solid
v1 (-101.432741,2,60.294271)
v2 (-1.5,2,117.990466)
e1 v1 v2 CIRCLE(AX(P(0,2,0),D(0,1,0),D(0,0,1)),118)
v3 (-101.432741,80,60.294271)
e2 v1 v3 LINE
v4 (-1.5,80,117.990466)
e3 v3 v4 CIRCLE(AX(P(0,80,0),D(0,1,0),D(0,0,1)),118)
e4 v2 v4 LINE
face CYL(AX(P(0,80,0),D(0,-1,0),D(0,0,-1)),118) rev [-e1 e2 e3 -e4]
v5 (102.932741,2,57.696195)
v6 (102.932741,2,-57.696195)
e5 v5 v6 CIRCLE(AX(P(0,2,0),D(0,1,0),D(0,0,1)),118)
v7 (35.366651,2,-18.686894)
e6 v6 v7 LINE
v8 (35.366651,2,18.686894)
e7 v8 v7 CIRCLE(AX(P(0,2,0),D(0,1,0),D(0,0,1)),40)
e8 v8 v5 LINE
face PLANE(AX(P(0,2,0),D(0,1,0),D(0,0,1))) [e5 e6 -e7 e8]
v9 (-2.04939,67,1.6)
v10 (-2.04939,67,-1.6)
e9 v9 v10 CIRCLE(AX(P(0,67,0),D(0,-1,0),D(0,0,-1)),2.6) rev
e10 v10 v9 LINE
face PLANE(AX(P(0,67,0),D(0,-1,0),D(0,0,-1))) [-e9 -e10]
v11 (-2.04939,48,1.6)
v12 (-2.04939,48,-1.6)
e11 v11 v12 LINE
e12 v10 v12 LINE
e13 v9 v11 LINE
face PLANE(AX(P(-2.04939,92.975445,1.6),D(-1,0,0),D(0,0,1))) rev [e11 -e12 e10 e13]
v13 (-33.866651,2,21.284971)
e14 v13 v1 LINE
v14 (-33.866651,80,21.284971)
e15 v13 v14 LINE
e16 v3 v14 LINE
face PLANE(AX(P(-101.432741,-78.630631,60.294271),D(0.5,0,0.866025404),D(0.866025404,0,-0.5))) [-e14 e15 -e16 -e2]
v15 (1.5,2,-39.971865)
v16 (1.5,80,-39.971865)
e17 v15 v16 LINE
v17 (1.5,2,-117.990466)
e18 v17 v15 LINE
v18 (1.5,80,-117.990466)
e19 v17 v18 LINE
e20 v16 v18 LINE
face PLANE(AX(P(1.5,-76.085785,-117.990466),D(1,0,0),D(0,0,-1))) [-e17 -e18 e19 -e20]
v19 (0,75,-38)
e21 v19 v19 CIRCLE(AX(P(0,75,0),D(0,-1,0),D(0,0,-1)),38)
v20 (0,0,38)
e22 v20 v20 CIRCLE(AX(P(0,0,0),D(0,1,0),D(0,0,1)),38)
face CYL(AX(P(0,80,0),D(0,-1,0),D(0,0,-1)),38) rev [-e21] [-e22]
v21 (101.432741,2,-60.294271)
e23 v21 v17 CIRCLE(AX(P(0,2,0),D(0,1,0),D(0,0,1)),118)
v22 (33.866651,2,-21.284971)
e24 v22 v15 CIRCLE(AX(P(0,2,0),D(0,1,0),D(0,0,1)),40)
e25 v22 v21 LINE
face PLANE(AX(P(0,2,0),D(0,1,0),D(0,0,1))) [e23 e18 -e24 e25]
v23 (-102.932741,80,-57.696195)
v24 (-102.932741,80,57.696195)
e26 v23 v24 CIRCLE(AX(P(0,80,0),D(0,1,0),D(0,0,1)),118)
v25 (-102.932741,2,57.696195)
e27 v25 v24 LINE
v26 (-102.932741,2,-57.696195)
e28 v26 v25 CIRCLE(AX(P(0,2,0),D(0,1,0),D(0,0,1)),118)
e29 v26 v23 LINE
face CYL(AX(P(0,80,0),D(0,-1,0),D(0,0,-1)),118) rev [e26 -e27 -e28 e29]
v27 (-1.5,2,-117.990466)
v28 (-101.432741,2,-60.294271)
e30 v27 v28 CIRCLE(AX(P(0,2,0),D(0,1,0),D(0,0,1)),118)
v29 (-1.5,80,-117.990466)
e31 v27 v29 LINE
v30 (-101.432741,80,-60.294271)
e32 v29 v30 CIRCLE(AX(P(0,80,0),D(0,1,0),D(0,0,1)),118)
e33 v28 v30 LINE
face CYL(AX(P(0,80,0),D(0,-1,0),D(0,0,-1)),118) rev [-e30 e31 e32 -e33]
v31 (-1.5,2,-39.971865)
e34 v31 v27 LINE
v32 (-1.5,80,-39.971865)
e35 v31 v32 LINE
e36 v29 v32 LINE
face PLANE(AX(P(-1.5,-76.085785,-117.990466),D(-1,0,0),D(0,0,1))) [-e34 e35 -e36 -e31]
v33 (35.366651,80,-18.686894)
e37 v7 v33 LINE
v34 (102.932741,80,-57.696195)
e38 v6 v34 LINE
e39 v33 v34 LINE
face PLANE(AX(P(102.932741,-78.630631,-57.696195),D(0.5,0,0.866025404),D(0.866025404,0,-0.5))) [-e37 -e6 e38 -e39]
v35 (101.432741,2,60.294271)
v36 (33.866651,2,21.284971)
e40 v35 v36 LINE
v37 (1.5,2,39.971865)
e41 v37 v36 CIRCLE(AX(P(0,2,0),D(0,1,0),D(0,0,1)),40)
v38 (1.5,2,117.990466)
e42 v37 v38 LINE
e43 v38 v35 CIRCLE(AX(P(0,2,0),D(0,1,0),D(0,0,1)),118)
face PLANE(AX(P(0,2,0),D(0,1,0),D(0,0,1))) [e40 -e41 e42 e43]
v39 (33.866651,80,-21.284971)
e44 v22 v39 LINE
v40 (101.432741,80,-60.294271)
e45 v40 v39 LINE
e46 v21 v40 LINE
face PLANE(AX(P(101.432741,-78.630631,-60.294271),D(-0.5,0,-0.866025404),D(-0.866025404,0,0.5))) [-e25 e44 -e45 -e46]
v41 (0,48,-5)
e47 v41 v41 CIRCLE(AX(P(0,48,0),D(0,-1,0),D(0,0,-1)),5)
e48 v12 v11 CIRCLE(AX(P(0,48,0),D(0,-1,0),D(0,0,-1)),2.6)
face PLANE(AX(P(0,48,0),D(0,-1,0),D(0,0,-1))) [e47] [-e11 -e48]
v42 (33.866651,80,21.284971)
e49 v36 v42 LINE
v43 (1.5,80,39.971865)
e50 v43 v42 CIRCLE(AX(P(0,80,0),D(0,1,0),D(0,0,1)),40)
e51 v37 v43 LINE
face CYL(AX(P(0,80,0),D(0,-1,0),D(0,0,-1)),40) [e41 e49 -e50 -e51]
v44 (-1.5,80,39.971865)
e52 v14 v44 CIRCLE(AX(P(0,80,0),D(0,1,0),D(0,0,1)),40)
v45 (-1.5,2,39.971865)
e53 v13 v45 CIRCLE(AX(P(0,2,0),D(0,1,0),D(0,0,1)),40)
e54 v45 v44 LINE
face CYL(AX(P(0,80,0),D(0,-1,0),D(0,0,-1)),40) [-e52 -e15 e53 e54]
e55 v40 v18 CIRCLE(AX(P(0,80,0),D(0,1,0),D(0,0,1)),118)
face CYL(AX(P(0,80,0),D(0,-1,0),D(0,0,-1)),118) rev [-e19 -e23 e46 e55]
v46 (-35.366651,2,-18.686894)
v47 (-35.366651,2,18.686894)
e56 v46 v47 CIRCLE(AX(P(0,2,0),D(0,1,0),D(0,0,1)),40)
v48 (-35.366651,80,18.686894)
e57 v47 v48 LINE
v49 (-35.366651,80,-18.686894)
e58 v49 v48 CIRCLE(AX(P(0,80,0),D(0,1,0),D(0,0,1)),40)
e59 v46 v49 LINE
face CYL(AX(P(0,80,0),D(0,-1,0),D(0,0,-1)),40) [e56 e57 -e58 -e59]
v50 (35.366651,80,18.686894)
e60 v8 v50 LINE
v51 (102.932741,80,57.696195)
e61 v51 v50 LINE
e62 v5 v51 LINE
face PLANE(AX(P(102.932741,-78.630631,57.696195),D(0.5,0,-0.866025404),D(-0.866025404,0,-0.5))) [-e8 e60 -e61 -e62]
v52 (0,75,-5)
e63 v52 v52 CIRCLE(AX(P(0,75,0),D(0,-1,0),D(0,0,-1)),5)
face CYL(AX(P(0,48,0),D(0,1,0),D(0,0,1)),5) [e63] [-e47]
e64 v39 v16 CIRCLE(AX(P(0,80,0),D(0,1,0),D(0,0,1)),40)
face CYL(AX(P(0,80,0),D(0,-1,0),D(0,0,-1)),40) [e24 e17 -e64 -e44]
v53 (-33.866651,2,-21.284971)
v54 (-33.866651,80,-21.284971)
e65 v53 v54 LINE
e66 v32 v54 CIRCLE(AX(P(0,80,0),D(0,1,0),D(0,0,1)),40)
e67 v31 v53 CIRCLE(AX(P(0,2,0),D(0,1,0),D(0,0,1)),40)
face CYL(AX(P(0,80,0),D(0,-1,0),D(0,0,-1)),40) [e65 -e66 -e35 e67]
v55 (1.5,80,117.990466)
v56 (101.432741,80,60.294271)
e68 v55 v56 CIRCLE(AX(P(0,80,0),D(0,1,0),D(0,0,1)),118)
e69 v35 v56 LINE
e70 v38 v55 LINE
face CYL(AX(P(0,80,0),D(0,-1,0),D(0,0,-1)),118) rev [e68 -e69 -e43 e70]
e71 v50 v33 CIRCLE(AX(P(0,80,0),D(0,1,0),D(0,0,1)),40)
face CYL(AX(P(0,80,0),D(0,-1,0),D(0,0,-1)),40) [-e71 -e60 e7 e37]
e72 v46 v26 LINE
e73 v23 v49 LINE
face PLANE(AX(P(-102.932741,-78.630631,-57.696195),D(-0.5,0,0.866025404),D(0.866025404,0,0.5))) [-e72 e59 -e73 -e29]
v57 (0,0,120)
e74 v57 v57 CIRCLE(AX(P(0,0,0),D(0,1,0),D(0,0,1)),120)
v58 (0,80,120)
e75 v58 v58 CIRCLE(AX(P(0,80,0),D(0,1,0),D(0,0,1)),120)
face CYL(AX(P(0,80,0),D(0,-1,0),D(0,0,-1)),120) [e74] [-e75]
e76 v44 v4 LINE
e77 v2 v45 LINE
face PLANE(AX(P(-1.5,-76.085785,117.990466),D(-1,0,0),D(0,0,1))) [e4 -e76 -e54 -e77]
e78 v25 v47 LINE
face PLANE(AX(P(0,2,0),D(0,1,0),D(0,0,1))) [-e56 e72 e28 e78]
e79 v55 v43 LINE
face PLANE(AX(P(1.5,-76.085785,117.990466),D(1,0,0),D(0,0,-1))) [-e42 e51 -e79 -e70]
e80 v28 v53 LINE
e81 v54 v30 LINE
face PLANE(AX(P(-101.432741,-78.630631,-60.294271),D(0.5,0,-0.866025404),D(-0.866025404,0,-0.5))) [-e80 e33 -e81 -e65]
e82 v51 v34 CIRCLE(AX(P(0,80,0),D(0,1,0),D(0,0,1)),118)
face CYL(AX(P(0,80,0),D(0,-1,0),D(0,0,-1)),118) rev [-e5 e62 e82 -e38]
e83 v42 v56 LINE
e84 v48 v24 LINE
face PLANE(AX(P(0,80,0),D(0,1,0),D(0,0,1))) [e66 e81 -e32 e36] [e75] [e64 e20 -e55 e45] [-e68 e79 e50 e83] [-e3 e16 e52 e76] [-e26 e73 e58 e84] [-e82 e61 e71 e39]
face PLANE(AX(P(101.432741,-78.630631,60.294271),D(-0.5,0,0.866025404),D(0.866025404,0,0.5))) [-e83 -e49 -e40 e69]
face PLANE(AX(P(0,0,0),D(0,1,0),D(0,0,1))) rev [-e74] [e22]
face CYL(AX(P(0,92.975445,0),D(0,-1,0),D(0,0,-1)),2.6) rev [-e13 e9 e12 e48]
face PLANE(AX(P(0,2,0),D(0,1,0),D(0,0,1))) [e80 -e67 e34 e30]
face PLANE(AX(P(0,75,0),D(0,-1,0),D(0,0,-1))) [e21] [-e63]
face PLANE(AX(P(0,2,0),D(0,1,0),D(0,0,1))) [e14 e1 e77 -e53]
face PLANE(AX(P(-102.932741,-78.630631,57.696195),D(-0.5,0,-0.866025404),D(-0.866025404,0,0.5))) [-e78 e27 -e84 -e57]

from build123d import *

# Parameters (mm, degrees)
SKETCH_1_R               = 120
SKETCH_1_R_2             = 38
EXTRUDE_1_DEPTH          = 80
SHELL_1_T                = -2
EXTRUDE_START            = -78
EXTRUDE_2_DEPTH          = 78
PATTERN_CIRCULAR_1_COUNT = 6
EXTRUDE_START_2          = -8
SKETCH_3_R               = 38
EXTRUDE_3_DEPTH          = 8
SKETCH_4_R               = 5
EXTRUDE_4_DEPTH          = 24
CUT_EXTRUDE_1_DEPTH      = 19
SKETCH_6_R               = 38
SKETCH_6_R_2             = 5
CUT_EXTRUDE_2_DEPTH      = 3


with BuildPart() as part:
    # 草图1 → 凸台-拉伸1 (new body)
    with BuildSketch(Plane(origin=(0, 0, 0), x_dir=(1, 0, 0), z_dir=(0, 1, 0))):
        with Locations(Location((0, 0, 0), (0, 0, 270))):
            Circle(SKETCH_1_R)
        with Locations(Location((0, 0, 0), (0, 0, 270))):
            Circle(SKETCH_1_R_2, mode=Mode.SUBTRACT)
    extrude(amount=EXTRUDE_1_DEPTH)

    # 抽壳1
    shell_1_openings = [part.faces().sort_by_distance(p)[0] for p in [
        (0, 80, -116.60588745),
    ]]
    offset(amount=SHELL_1_T, openings=shell_1_openings, kind=Kind.INTERSECTION)

    # 草图2 → 凸台-拉伸2 (add)
    with BuildSketch(Plane(origin=(0, 80, 0), x_dir=(1, 0, 0), z_dir=(0, 1, 0)).offset(EXTRUDE_START)):
        with BuildLine():
            Line((-1.5, 117.990465717), (-1.5, 39.971865105))
            ThreePointArc((-1.5, 39.971865105), (0, 40), (1.5, 39.971865105))
            Line((1.5, 39.971865105), (1.5, 117.990465717))
            ThreePointArc((1.5, 117.990465717), (0, 118), (-1.5, 117.990465717))
        make_face()
    extrude_2 = extrude(amount=EXTRUDE_2_DEPTH)

    # 阵列(圆周)1: 凸台-拉伸2 ×6 about axis
    pattern_circular_1_axis = Axis((0, 0, 0), (0, 1, 0))
    for i in range(1, PATTERN_CIRCULAR_1_COUNT):
        add(extrude_2.rotate(pattern_circular_1_axis, i * 360 / PATTERN_CIRCULAR_1_COUNT))

    # 草图3 → 凸台-拉伸3 (add)
    with BuildSketch(Plane(origin=(0, 80, 0), x_dir=(1, 0, 0), z_dir=(0, 1, 0)).offset(EXTRUDE_START_2)):
        with Locations(Location((0, 0, 0), (0, 0, 270))):
            Circle(SKETCH_3_R)
    extrude(amount=EXTRUDE_3_DEPTH)

    # 草图4 → 凸台-拉伸4 (add)
    with BuildSketch(Plane.XZ.offset(-72)):
        with Locations(Location((0, 0, 0), (0, 0, 90))):
            Circle(SKETCH_4_R)
    extrude(amount=EXTRUDE_4_DEPTH)

    # 草图5 → 切除-拉伸1 (cut)
    with BuildSketch(Plane.XZ.offset(-48)):
        with BuildLine():
            Line((-2.049390153, 1.6), (-2.049390153, -1.6))
            ThreePointArc((-2.049390153, -1.6), (2.6, 0), (-2.049390153, 1.6))
        make_face()
    extrude(amount=-CUT_EXTRUDE_1_DEPTH, mode=Mode.SUBTRACT)

    # 草图6 → 切除-拉伸2 (cut)
    with BuildSketch(Plane.XZ.offset(-72)):
        with Locations(Location((0, 0, 0), (0, 0, 270))):
            Circle(SKETCH_6_R)
        with Locations(Location((0, 0, 0), (0, 0, 270))):
            Circle(SKETCH_6_R_2, mode=Mode.SUBTRACT)
    extrude(amount=-CUT_EXTRUDE_2_DEPTH, mode=Mode.SUBTRACT)


solid = part.part
